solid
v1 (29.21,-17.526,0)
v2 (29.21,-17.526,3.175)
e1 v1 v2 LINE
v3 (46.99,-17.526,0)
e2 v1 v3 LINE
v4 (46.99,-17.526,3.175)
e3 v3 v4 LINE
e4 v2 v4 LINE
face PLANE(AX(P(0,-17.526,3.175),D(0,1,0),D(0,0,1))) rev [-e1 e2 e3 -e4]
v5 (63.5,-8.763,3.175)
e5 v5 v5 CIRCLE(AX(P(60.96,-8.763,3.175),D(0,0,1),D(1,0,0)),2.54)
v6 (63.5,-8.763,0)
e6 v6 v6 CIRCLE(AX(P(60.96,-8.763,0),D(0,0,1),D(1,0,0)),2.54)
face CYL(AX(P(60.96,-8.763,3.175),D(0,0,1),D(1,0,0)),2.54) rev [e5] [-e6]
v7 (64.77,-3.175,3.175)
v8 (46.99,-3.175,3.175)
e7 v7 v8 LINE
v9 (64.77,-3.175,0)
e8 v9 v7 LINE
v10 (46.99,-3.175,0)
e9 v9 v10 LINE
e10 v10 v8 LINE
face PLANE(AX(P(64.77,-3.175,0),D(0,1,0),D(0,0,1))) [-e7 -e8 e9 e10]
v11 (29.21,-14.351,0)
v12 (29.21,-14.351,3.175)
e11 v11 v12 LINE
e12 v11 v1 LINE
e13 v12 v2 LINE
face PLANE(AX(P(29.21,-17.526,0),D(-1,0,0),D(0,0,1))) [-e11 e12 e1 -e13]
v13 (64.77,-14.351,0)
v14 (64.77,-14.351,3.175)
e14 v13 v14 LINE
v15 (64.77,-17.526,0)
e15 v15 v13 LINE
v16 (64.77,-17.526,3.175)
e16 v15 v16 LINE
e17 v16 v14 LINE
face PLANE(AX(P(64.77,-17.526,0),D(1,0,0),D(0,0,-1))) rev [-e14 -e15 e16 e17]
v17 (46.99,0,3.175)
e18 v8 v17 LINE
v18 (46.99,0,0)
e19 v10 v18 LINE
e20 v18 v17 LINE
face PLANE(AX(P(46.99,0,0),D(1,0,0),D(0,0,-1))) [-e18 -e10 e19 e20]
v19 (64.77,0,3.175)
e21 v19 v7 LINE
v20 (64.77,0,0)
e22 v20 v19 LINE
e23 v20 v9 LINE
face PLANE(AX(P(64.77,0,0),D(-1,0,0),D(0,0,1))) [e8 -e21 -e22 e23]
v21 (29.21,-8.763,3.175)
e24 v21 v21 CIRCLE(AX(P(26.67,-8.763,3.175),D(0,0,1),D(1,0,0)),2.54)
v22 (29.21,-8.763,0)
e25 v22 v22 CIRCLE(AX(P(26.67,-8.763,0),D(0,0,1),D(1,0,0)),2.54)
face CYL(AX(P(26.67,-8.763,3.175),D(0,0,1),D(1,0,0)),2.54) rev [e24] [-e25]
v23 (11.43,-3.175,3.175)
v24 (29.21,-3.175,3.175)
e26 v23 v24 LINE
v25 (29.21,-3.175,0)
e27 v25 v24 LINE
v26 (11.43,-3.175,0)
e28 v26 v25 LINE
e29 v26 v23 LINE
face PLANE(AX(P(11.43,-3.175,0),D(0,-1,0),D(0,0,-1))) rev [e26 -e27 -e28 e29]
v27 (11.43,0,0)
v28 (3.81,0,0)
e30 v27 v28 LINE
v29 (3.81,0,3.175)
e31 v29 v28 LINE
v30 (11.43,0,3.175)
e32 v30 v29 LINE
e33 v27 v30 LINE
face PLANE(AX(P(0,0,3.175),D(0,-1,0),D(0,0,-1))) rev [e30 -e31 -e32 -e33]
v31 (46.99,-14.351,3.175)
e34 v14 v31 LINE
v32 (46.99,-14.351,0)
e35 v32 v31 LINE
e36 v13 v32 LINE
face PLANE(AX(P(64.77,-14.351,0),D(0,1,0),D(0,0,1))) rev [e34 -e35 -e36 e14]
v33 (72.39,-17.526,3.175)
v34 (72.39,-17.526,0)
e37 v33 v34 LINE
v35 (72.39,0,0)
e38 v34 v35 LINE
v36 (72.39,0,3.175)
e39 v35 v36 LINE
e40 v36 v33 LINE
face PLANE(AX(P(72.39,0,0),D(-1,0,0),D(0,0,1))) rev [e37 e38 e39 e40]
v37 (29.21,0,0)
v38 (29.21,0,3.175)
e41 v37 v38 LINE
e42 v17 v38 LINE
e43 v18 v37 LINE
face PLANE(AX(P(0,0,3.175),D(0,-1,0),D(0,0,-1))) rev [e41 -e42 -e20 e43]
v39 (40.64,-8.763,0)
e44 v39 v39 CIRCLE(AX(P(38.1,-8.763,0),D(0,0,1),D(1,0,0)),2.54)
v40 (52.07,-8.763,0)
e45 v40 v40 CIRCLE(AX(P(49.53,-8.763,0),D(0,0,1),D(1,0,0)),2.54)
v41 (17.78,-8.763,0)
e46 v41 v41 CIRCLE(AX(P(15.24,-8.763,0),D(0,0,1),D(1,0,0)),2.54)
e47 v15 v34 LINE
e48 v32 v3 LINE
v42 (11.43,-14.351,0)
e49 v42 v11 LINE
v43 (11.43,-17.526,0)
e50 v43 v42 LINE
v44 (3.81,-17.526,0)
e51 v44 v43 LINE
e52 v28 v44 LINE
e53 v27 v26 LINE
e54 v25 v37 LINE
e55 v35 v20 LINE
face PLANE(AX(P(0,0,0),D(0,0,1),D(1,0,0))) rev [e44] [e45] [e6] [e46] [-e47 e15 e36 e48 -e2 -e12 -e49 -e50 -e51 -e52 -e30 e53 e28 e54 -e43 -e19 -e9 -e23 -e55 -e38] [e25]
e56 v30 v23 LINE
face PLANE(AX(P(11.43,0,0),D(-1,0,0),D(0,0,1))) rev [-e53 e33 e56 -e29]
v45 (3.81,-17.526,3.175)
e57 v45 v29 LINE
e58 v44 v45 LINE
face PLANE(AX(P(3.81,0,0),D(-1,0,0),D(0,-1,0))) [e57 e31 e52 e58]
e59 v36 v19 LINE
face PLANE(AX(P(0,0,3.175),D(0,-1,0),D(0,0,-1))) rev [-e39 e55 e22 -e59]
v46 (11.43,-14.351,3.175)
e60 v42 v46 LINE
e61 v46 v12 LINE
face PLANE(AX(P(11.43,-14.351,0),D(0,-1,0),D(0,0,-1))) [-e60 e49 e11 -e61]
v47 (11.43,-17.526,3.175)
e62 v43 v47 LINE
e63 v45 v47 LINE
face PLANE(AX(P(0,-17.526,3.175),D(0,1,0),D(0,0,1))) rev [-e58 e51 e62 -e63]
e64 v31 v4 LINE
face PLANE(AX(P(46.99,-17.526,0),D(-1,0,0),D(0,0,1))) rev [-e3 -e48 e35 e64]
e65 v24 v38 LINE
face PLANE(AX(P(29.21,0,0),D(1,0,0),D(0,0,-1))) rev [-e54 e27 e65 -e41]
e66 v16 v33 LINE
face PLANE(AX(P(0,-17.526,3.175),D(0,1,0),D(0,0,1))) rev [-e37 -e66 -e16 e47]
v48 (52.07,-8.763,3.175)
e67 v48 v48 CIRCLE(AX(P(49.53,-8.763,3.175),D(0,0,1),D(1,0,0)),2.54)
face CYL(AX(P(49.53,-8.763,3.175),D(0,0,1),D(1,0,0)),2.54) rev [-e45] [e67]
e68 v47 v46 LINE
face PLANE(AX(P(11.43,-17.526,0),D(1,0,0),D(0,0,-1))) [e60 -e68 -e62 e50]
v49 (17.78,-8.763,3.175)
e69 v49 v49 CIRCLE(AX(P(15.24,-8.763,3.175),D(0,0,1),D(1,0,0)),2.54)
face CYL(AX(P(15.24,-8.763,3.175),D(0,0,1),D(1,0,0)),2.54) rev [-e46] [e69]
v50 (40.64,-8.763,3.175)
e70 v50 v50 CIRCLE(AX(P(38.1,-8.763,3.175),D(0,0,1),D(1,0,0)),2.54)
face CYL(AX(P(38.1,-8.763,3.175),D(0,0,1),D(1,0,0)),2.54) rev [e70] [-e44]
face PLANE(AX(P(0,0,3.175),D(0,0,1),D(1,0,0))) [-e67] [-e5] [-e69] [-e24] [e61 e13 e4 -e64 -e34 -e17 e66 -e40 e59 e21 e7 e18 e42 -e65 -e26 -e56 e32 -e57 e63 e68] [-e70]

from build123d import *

# Parameters (mm, degrees)
SKETCH1_W               = 76.2
SKETCH1_H               = 17.526
BOSS_EXTRUDE1_DEPTH     = 3.175
SKETCH2_W               = 17.78
SKETCH2_H               = 3.175
CUT_EXTRUDE1_DEPTH      = 79.2539539
MIRROR2_COPY_1_SKETCH_W = 17.78
MIRROR2_COPY_1_SKETCH_H = 3.175
MIRROR2_COPY_1_DEPTH    = 79.2539539
HOLE1_D                 = 5.08
SKETCH5_W               = 3.175
SKETCH5_H               = 17.526
CUT_EXTRUDE2_DEPTH      = 3.81
SKETCH6_W               = 3.175
SKETCH6_H               = 17.526
CUT_EXTRUDE3_DEPTH      = 3.81


with BuildPart() as part:
    # Sketch1 → Boss-Extrude1 (new body)
    with BuildSketch(Plane.XY):
        with Locations((38.1, -8.763)):
            Rectangle(SKETCH1_W, SKETCH1_H)
    extrude(amount=BOSS_EXTRUDE1_DEPTH)

    # Sketch2 → Cut-Extrude1 (cut, through all)
    with BuildSketch(Plane.XY.offset(3.175)):
        with Locations((20.32, -1.5875)):
            Rectangle(SKETCH2_W, SKETCH2_H)
    cut_extrude1 = extrude(amount=-CUT_EXTRUDE1_DEPTH, mode=Mode.SUBTRACT)

    # Mirror1: Cut-Extrude1 across plane
    add(cut_extrude1.mirror(Plane.ZX.offset(-8.763)), mode=Mode.SUBTRACT)

    # Mirror2: Cut-Extrude1 across plane
    add(cut_extrude1.mirror(Plane(origin=(38.1, 0, 0), x_dir=(0, 0, 1), z_dir=(1, 0, 0))), mode=Mode.SUBTRACT)

    # Mirror2 copy 1 sketch → Mirror2 copy 1 (cut, through all)
    with BuildSketch(Plane(origin=(76.2, -17.526, 3.175), x_dir=(-1, 0, 0), z_dir=(0, 0, 1))):
        with Locations((20.32, -1.5875)):
            Rectangle(MIRROR2_COPY_1_SKETCH_W, MIRROR2_COPY_1_SKETCH_H)
    extrude(amount=-MIRROR2_COPY_1_DEPTH, mode=Mode.SUBTRACT)

    # Hole1 (through all)
    with Locations(Plane.XY.offset(3.175)):
        with Locations((15.24, -8.763), (38.1, -8.763), (26.67, -8.763), (49.53, -8.763), (60.96, -8.763)):
            Hole(HOLE1_D / 2)

    # Sketch5 → Cut-Extrude2 (cut)
    with BuildSketch(Plane.ZY):
        with Locations((1.5875, -8.763)):
            Rectangle(SKETCH5_W, SKETCH5_H)
    extrude(amount=-CUT_EXTRUDE2_DEPTH, mode=Mode.SUBTRACT)

    # Sketch6 → Cut-Extrude3 (cut)
    with BuildSketch(Plane(origin=(76.2, 0, 0), x_dir=(0, 0, -1), z_dir=(1, 0, 0))):
        with Locations((-1.5875, -8.763)):
            Rectangle(SKETCH6_W, SKETCH6_H)
    extrude(amount=-CUT_EXTRUDE3_DEPTH, mode=Mode.SUBTRACT)


solid = part.part
